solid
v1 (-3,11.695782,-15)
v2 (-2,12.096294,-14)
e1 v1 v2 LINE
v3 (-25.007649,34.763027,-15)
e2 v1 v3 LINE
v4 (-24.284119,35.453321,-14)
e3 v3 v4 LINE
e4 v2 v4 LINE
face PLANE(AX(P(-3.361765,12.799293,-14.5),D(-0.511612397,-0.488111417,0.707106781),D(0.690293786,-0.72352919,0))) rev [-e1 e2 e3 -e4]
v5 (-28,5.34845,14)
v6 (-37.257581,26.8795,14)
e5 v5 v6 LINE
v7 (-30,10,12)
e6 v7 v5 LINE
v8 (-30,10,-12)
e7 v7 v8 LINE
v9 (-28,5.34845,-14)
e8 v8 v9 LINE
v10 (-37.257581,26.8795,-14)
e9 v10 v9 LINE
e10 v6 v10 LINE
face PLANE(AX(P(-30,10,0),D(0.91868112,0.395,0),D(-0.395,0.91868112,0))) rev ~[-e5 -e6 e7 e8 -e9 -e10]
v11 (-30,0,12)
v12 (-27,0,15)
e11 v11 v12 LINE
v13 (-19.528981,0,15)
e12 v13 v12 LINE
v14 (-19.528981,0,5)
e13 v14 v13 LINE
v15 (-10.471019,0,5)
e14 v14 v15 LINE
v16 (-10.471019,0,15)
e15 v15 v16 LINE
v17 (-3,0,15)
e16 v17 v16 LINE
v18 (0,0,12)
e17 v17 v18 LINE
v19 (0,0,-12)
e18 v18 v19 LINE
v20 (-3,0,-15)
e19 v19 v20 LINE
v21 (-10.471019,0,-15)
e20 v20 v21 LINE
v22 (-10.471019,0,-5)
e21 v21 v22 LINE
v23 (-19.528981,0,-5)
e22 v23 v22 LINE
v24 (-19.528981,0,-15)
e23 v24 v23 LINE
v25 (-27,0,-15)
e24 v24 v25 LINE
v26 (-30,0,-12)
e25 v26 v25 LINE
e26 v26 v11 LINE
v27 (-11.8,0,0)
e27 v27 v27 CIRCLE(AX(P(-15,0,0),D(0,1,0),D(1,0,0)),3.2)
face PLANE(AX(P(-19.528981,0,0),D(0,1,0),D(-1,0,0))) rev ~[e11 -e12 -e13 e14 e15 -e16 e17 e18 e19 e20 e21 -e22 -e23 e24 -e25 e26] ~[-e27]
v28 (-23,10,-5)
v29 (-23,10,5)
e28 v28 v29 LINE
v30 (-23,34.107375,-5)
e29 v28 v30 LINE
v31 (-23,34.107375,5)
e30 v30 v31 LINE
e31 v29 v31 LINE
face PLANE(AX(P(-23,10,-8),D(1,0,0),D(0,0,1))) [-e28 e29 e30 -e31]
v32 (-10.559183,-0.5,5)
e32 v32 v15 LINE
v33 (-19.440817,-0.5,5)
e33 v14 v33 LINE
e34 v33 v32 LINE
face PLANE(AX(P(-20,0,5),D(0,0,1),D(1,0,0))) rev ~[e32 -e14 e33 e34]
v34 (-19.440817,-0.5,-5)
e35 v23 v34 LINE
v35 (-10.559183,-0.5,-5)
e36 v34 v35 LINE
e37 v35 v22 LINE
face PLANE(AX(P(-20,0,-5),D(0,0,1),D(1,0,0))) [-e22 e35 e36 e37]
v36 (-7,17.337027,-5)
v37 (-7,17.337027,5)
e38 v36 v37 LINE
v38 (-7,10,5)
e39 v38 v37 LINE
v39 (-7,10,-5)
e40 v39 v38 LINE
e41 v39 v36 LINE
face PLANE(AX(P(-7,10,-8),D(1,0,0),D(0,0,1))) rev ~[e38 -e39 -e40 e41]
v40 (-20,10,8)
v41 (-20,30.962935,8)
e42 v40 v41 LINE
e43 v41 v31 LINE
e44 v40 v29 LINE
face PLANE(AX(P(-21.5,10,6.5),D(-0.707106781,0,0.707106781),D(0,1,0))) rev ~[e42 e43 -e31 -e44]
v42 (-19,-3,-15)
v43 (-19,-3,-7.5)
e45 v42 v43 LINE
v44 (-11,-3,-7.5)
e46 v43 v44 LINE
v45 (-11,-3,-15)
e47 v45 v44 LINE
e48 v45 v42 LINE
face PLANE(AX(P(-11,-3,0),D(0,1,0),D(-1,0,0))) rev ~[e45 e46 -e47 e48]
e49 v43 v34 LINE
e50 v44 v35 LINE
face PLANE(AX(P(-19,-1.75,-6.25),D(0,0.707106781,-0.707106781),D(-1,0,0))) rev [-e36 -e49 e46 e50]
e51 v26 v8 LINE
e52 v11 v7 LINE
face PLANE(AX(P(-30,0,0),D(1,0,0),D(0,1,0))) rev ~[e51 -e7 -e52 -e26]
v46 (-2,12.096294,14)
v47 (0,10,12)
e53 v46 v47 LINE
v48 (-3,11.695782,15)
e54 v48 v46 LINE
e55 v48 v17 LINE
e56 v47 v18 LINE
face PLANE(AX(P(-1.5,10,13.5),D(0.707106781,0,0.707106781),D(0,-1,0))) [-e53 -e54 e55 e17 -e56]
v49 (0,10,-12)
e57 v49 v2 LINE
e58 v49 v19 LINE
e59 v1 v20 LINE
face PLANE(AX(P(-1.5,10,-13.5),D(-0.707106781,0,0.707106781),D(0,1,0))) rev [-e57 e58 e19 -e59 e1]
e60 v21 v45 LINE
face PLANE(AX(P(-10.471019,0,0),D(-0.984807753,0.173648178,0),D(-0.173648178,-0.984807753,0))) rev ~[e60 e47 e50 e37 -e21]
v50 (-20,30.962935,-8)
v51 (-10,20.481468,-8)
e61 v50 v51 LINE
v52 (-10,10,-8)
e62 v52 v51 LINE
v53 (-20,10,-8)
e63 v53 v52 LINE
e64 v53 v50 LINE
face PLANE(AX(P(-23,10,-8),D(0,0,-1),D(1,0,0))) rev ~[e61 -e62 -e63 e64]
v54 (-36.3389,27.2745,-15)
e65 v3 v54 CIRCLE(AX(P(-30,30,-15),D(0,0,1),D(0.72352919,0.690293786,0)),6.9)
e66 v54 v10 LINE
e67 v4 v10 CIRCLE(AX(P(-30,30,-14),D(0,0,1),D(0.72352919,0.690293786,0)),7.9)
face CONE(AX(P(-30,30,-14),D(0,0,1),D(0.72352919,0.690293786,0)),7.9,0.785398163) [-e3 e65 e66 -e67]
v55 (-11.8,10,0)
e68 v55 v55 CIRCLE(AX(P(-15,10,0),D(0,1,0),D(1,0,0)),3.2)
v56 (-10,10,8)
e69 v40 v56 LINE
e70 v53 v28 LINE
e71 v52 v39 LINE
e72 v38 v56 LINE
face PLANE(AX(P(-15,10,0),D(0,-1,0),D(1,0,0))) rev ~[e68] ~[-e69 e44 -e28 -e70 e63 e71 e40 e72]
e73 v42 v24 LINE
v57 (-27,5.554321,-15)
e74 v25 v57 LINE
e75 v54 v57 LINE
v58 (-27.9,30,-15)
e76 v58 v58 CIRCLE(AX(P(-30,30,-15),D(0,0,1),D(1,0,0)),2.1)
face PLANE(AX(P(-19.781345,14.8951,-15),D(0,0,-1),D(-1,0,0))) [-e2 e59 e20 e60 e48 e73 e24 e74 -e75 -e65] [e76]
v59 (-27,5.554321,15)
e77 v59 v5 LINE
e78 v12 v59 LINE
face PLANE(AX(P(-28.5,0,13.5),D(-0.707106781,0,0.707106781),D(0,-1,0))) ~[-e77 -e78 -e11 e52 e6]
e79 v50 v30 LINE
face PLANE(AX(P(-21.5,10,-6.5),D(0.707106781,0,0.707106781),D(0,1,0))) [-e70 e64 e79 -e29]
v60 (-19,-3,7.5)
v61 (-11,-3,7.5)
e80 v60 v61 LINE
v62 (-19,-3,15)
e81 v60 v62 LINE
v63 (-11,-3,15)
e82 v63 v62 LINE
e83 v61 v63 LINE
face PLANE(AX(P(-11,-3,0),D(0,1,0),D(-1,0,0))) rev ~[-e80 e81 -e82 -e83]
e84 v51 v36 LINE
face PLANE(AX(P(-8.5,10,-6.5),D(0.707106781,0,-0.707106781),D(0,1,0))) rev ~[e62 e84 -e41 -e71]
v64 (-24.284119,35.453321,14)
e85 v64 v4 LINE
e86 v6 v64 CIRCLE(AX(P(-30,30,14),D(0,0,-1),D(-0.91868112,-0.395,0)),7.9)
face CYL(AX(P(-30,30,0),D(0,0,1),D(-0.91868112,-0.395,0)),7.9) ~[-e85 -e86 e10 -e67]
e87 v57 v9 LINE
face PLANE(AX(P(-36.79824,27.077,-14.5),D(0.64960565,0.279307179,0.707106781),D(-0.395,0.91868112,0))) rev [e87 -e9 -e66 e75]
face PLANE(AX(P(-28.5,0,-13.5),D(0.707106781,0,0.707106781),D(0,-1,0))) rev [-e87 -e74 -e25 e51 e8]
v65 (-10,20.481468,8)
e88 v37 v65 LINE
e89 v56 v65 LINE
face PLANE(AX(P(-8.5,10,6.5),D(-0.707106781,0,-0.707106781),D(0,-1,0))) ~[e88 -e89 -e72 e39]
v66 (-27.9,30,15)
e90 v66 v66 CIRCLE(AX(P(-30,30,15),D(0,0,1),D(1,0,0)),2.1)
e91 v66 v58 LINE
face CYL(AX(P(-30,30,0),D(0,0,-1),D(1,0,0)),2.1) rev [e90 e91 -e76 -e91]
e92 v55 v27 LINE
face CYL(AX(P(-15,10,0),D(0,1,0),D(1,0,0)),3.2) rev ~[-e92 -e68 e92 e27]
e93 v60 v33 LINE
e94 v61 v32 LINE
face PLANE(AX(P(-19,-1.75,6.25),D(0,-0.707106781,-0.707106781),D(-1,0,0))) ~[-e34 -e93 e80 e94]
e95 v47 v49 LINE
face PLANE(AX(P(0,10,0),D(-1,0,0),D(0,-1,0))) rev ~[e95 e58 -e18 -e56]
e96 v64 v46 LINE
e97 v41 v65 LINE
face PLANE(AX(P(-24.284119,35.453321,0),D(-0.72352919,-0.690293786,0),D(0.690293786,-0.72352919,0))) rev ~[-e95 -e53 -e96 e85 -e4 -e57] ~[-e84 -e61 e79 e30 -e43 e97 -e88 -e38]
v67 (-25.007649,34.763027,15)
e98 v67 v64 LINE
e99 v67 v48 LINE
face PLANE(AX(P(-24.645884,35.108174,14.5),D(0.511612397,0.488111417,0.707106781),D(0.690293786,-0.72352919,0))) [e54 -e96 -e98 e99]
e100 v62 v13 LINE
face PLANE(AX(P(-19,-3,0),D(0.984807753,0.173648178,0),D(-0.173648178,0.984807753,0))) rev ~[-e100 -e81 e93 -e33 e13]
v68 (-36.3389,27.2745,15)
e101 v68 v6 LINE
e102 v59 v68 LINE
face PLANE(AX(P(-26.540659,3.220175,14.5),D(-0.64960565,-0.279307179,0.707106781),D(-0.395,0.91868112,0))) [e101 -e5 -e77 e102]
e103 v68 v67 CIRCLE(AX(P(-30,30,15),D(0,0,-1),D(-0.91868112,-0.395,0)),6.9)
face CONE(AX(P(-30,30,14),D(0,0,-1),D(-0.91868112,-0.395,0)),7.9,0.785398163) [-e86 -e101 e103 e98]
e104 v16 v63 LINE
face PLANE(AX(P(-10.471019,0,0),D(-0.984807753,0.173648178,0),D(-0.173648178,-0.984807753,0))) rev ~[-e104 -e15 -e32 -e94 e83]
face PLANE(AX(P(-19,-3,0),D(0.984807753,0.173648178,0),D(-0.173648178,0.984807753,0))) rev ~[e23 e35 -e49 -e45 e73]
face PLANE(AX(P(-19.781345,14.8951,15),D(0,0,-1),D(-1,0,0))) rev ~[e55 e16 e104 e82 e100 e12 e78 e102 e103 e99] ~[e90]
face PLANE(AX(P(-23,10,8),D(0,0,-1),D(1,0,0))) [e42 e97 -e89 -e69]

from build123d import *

# Parameters (mm, degrees)
CROQUIS1_R              = 2.1
SALIENTE_EXTRUIR1_DEPTH = 15
CHAFL_N1_SIZE           = 3
CORTAR_EXTRUIR1_START   = -10
CROQUIS3_W              = 16
CROQUIS3_H              = 16
CORTAR_EXTRUIR1_DEPTH   = 28.9
CHAFL_N2_SIZE           = 3
CROQUIS4_R              = 3.2
CORTAR_EXTRUIR2_DEPTH   = 14
CROQUIS5_W              = 10
CROQUIS5_H              = 10
CORTAR_EXTRUIR3_DEPTH   = 4
CHAFL_N3_SIZE           = 2.5
CHAFL_N4_SIZE           = 1


with BuildPart() as part:
    # Croquis1 → Saliente-Extruir1 (new body, symmetric)
    with BuildSketch(Plane.XY):
        with BuildLine():
            Line((-30, 0), (-30, 10))
            Line((-30, 10), (-37.257580847, 26.8795))
            ThreePointArc((-37.257580847, 26.8795), (-34.35566426, 36.590765423), (-24.284119395, 35.453320907))
            Line((-24.284119395, 35.453320907), (0, 10))
            Line((0, 10), (0, 0))
            Line((0, 0), (-10.471019058, 0))
            Line((-10.471019058, 0), (-11, -3))
            Line((-11, -3), (-19, -3))
            Line((-19, -3), (-19.528980942, 0))
            Line((-19.528980942, 0), (-30, 0))
        make_face()
        with Locations((-30, 30)):
            Circle(CROQUIS1_R, mode=Mode.SUBTRACT)
    extrude(amount=SALIENTE_EXTRUIR1_DEPTH, both=True)

    # Chaflán1
    chafl_n1_edges = [part.edges().sort_by_distance(p)[0] for p in [
        (-30, 5, -15),
        (0, 5, -15),
        (-30, 5, 15),
        (0, 5, 15),
    ]]
    chamfer(chafl_n1_edges, length=CHAFL_N1_SIZE)

    # Croquis3 → Cortar-Extruir1 (cut, through all)
    with BuildSketch(Plane.XZ.offset(CORTAR_EXTRUIR1_START)):
        with Locations((-15, 0)):
            Rectangle(CROQUIS3_W, CROQUIS3_H)
    extrude(amount=-CORTAR_EXTRUIR1_DEPTH, mode=Mode.SUBTRACT)

    # Chaflán2
    chafl_n2_edges = [part.edges().sort_by_distance(p)[0] for p in [
        (-23, 22.053687666, -8),
        (-23, 22.053687666, 8),
        (-7, 13.668513637, 8),
        (-7, 13.668513637, -8),
    ]]
    chamfer(chafl_n2_edges, length=CHAFL_N2_SIZE)

    # Croquis4 → Cortar-Extruir2 (cut, through all)
    with BuildSketch(Plane(origin=(0, 10, 0), x_dir=(1, 0, 0), z_dir=(0, 1, 0))):
        with Locations((-15, 0)):
            Circle(CROQUIS4_R)
    extrude(amount=-CORTAR_EXTRUIR2_DEPTH, mode=Mode.SUBTRACT)

    # Croquis5 → Cortar-Extruir3 (cut, through all)
    with BuildSketch(Plane.XZ):
        with Locations((-15, 0)):
            Rectangle(CROQUIS5_W, CROQUIS5_H)
    extrude(amount=CORTAR_EXTRUIR3_DEPTH, mode=Mode.SUBTRACT)

    # Chaflán3
    chafl_n3_edges = [part.edges().sort_by_distance(p)[0] for p in [
        (-15, -3, -5),
        (-15, -3, 5),
    ]]
    chamfer(chafl_n3_edges, length=CHAFL_N3_SIZE)

    # Chaflán4
    chafl_n4_edges = [part.edges().sort_by_distance(p)[0] for p in [
        (-32.128790423, 14.951087519, -15),
        (-34.35566426, 36.590765423, -15),
        (-34.35566426, 36.590765423, 15),
        (-32.128790423, 14.951087519, 15),
        (-13.642059698, 24.298880584, -15),
        (-13.642059698, 24.298880584, 15),
    ]]
    chamfer(chafl_n4_edges, length=CHAFL_N4_SIZE)


solid = part.part
